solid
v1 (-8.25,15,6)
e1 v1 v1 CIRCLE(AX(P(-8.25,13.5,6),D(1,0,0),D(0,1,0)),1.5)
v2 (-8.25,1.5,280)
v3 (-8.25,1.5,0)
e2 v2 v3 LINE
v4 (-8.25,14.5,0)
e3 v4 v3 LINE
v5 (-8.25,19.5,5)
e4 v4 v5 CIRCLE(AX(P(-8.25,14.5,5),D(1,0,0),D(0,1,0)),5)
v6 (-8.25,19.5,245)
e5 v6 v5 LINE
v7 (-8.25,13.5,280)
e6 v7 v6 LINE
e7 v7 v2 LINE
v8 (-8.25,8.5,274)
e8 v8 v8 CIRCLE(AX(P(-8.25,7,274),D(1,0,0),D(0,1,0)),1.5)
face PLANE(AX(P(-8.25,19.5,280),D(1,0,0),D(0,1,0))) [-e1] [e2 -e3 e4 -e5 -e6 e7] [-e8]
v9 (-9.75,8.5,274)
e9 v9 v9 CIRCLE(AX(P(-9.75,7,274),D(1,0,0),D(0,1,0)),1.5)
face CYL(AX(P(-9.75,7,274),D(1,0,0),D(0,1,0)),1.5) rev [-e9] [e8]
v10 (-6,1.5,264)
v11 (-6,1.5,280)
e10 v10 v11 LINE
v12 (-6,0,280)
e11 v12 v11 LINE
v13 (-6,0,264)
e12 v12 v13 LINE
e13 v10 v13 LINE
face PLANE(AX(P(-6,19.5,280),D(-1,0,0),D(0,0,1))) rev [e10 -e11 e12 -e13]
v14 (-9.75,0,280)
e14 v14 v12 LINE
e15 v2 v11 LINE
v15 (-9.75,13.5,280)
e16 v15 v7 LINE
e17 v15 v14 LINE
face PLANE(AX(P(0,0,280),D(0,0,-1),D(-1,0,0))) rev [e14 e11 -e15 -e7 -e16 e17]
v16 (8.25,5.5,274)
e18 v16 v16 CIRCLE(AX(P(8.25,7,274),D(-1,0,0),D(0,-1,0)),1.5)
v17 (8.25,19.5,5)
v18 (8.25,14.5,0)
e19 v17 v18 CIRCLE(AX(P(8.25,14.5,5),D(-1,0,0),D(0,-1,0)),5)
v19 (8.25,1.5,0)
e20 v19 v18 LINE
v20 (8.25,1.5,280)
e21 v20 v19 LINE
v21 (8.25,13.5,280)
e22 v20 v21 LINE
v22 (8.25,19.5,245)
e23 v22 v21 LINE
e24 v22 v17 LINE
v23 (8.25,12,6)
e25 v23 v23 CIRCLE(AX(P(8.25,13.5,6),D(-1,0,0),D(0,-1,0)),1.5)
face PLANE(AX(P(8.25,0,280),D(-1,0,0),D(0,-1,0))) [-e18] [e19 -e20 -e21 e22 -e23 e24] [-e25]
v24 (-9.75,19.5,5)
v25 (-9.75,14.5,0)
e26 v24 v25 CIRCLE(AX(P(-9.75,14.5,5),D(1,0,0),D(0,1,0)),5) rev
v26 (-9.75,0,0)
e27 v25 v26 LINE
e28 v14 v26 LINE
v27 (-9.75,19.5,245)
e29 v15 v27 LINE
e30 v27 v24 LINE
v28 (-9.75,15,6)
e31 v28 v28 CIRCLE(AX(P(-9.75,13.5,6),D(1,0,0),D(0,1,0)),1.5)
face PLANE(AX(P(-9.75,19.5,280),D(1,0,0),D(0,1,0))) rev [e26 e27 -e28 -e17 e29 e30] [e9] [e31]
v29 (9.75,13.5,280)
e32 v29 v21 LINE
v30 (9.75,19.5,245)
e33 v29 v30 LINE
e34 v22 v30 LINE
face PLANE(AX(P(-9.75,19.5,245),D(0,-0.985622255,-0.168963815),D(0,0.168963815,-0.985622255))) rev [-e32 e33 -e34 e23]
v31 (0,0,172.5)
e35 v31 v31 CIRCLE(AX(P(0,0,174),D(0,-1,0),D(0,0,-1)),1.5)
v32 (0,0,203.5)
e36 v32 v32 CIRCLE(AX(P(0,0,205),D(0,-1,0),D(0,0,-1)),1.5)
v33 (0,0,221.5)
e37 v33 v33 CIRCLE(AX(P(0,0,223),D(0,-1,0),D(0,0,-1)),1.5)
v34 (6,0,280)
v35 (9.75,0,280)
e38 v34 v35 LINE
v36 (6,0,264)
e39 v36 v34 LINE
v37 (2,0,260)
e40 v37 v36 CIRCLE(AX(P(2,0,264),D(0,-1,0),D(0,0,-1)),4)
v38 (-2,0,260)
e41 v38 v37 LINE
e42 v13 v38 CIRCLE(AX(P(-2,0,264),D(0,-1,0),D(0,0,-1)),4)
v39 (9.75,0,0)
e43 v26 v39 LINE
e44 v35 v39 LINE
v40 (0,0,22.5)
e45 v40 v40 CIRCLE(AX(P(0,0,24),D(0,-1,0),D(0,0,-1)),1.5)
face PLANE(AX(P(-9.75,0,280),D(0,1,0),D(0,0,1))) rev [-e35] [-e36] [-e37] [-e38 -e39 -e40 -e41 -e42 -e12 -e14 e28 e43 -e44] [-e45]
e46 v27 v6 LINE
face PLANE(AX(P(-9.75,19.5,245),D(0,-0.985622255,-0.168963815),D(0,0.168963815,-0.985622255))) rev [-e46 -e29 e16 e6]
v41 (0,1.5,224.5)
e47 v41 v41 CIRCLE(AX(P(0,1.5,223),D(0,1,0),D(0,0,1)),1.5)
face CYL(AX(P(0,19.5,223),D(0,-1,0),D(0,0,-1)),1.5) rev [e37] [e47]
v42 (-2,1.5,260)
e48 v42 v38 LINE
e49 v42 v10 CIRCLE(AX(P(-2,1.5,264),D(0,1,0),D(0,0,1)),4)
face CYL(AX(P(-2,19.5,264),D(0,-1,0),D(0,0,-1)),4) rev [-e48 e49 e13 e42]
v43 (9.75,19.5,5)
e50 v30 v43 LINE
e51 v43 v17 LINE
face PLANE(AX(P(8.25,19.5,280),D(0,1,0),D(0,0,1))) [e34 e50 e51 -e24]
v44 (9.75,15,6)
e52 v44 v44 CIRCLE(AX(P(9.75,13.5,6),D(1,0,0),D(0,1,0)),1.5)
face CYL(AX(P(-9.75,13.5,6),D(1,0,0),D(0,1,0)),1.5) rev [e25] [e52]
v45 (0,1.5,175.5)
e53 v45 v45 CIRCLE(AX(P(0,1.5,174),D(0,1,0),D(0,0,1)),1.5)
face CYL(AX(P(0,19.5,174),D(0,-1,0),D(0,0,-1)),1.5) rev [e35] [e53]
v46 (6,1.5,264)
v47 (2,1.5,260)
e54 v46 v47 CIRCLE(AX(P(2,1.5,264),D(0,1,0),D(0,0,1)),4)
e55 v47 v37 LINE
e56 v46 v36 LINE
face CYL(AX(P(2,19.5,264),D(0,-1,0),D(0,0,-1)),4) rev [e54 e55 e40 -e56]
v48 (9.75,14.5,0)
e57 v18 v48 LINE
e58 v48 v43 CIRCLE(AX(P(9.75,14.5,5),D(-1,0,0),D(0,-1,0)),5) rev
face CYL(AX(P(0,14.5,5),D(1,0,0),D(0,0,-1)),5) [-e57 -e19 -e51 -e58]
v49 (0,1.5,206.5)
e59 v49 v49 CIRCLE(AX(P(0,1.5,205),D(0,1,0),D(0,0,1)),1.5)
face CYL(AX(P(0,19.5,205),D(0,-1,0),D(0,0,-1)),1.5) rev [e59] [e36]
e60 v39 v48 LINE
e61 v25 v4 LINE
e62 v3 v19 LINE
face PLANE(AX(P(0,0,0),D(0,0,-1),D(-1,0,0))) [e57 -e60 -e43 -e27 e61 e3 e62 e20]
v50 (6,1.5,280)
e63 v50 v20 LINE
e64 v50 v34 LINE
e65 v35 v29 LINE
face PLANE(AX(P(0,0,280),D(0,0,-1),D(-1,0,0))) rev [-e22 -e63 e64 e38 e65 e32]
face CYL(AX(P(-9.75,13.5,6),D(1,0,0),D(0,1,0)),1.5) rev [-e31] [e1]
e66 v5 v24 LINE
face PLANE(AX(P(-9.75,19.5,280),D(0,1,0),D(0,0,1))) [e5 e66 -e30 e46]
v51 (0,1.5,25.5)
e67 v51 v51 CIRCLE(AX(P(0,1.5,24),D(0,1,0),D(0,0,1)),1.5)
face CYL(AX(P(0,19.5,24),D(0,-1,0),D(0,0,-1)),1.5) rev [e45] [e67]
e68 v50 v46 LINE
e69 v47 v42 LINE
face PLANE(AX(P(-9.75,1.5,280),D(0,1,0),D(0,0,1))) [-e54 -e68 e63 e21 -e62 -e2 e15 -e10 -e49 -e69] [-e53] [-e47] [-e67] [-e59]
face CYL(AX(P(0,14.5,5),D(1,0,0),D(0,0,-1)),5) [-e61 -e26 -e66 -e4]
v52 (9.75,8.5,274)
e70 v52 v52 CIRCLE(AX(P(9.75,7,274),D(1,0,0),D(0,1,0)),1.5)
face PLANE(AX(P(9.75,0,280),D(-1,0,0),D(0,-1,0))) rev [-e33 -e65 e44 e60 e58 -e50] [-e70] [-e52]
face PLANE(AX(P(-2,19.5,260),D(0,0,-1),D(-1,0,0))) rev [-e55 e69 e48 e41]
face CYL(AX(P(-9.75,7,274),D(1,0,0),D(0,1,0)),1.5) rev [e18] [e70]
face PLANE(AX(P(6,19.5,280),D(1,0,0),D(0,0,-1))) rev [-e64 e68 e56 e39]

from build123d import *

# Parameters (mm, degrees)
EXTRU_MINCE1_DEPTH      = 280
ESQUISSE2_R             = 1.5
ENL_V_MAT_EXTRU_1_DEPTH = 281.847489752
ESQUISSE3_R             = 1.5
ENL_V_MAT_EXTRU_2_DEPTH = 282.354758268
CONG_1_R                = 5


with BuildPart() as part:
    # Esquisse1 → Extru.-Mince1 (new body)
    with BuildSketch(Plane.XY):
        Polygon((-9.75, 19.5), (-9.75, 0), (9.75, 0), (9.75, 19.5), (8.25, 19.5), (8.25, 1.5), (-8.25, 1.5), (-8.25, 19.5), align=None)
    extrude(amount=EXTRU_MINCE1_DEPTH)

    # Esquisse2 → Enlèv. mat.-Extru.1 (cut, through all)
    with BuildSketch(Plane.XZ):
        with Locations(Location((0, 223, 0), (0, 0, 270))):
            Circle(ESQUISSE2_R)
        with Locations(Location((0, 205, 0), (0, 0, 270))):
            Circle(ESQUISSE2_R)
        with Locations(Location((0, 24, 0), (0, 0, 270))):
            Circle(ESQUISSE2_R)
        with Locations(Location((0, 174, 0), (0, 0, 270))):
            Circle(ESQUISSE2_R)
        with BuildLine():
            Line((-6, 280), (6, 280))
            Line((6, 280), (6, 264))
            ThreePointArc((6, 264), (4.828427125, 261.171572875), (2, 260))
            Line((2, 260), (-2, 260))
            ThreePointArc((-2, 260), (-4.828427125, 261.171572875), (-6, 264))
            Line((-6, 264), (-6, 280))
        make_face()
    extrude(amount=-ENL_V_MAT_EXTRU_1_DEPTH, mode=Mode.SUBTRACT)

    # Esquisse3 → Enlèv. mat.-Extru.2 (cut, through all)
    with BuildSketch(Plane(origin=(9.75, 0, 0), x_dir=(0, 0, -1), z_dir=(1, 0, 0))):
        with Locations(Location((-274, 7, 0), (0, 0, 90))):
            Circle(ESQUISSE3_R)
        with Locations(Location((-6, 13.5, 0), (0, 0, 90))):
            Circle(ESQUISSE3_R)
        Polygon((-280, 13.5), (-280, 19.5), (-245, 19.5), align=None)
    extrude(amount=-ENL_V_MAT_EXTRU_2_DEPTH, mode=Mode.SUBTRACT)

    # Congé1
    cong_1_edges = [part.edges().sort_by_distance(p)[0] for p in [
        (-9, 19.5, 0),
        (9, 19.5, 0),
    ]]
    fillet(cong_1_edges, radius=CONG_1_R)


solid = part.part
